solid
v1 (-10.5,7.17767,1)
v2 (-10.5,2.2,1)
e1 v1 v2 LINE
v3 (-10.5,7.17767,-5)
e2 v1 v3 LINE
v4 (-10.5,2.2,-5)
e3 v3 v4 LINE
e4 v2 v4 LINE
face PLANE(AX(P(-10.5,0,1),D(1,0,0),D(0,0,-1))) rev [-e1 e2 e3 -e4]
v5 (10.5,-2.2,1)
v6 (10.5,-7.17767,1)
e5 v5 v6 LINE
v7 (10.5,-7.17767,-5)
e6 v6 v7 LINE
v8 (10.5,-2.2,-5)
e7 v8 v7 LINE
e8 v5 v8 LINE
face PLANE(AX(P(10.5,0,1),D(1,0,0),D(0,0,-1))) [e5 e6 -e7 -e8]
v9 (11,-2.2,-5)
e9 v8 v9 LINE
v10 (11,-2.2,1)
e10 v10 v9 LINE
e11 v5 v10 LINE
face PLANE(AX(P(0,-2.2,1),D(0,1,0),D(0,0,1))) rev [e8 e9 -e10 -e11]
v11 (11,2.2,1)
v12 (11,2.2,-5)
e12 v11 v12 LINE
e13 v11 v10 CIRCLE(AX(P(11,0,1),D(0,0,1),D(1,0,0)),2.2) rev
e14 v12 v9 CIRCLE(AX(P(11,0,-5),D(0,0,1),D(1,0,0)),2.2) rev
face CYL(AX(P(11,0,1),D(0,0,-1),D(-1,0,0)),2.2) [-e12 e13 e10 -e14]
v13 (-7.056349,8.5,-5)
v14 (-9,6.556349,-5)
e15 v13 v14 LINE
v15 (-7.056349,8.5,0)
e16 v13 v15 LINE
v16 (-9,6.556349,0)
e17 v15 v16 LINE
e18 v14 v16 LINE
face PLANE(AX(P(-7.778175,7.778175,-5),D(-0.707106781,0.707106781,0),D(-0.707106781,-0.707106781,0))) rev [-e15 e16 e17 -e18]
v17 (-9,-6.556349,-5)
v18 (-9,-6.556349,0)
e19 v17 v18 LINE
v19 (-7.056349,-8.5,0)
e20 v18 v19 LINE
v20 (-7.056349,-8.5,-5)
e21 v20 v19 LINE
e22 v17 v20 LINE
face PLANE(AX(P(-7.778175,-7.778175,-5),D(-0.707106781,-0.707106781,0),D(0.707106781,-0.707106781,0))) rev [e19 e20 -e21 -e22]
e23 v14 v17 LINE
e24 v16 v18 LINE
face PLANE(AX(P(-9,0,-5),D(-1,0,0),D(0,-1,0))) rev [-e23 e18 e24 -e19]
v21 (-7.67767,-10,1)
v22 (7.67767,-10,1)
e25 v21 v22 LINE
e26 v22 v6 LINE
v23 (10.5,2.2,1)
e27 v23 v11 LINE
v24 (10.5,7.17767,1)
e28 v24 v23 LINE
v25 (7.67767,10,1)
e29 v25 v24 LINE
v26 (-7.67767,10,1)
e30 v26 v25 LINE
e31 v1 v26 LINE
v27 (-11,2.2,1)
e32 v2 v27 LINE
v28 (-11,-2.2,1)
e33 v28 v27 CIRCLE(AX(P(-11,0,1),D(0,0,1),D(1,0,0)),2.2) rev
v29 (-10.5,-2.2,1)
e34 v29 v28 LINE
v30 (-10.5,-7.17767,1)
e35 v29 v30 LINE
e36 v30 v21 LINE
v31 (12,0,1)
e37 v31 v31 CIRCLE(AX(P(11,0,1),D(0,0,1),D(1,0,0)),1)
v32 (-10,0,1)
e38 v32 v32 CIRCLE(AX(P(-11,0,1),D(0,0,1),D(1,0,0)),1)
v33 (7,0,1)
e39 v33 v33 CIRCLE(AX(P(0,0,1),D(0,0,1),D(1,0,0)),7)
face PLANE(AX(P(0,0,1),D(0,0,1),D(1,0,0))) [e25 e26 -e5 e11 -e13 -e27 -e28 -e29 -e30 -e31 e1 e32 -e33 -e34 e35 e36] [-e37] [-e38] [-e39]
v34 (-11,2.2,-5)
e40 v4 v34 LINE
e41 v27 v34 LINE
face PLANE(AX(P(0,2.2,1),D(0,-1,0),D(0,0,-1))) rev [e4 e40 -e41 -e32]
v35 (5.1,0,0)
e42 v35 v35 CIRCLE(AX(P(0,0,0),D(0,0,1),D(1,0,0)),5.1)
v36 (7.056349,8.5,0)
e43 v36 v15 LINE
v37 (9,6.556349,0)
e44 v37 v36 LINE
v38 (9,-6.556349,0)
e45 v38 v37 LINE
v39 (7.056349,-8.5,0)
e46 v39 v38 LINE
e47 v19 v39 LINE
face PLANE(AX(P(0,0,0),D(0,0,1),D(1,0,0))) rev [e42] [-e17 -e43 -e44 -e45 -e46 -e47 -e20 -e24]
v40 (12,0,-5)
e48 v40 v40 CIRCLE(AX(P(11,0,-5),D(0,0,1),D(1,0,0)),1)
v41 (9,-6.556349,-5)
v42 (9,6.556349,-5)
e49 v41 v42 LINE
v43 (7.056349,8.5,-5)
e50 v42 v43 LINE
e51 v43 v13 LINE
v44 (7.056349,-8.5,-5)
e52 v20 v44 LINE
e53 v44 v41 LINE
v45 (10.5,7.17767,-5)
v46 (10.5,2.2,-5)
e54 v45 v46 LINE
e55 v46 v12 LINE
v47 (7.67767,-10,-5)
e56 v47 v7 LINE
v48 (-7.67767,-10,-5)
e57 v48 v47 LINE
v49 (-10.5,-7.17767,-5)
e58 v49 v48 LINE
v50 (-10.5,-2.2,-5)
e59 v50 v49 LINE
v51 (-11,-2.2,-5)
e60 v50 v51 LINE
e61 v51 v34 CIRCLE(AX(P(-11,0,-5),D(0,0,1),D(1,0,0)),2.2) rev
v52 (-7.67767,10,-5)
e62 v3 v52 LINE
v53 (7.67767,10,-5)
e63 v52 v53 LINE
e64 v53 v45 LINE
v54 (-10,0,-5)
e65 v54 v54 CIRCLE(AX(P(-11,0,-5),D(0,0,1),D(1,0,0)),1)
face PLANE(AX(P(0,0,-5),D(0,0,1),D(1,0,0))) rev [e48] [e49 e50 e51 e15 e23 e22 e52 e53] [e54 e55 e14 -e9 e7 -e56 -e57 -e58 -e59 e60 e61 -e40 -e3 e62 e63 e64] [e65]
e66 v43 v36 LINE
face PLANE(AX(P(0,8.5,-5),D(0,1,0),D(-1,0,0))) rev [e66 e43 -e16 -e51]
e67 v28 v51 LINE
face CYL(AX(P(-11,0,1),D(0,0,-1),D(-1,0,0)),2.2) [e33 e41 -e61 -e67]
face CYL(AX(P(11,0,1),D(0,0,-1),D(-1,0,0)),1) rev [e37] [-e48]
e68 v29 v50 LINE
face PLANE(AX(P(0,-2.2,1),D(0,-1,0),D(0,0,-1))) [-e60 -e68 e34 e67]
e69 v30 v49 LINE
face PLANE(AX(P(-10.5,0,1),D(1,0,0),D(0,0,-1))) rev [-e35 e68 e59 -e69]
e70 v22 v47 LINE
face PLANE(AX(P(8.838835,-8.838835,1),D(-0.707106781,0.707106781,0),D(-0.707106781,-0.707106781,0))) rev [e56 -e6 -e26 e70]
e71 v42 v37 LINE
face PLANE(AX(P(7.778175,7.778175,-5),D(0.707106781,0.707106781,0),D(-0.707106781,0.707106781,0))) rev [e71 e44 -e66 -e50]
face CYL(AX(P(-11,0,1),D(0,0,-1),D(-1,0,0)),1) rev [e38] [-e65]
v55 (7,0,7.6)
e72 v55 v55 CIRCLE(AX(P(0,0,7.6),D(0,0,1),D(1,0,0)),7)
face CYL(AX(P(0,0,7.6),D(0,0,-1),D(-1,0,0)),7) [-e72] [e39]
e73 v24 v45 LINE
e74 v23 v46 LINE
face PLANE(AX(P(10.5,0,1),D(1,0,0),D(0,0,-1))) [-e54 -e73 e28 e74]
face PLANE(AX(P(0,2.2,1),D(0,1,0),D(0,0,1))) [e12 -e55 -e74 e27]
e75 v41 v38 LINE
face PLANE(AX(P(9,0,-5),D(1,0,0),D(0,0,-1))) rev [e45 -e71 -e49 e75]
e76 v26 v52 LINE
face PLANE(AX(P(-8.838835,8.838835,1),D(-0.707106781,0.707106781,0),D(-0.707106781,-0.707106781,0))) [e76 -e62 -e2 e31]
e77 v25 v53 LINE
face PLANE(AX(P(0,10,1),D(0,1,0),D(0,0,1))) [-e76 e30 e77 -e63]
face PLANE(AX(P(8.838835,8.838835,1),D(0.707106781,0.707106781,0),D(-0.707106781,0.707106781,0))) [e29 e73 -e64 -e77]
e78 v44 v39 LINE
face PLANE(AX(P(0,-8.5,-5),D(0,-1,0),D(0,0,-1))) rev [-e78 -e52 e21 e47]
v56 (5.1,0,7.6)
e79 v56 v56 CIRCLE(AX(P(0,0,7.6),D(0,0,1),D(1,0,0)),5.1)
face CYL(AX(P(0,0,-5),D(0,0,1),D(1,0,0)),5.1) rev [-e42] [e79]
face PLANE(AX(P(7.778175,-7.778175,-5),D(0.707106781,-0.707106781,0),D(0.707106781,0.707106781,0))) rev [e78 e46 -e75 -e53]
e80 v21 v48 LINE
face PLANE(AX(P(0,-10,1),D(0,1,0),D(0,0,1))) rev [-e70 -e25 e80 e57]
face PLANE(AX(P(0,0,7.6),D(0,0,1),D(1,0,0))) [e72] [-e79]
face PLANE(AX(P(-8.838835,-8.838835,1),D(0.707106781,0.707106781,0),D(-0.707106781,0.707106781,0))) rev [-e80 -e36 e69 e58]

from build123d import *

# Parameters (mm, degrees)
SKETCH1_R                = 1
ROOF_DEPTH               = 1
WALLS_START              = -5
SKETCH1_3_R              = 1
WALLS_DEPTH              = 5
SKETCH2_R                = 5.1
SCREW_HOLE_IN_ROOF_DEPTH = 18.613631253
SCREW_START              = 6.6
SKETCH2_3_R              = 7
SKETCH2_3_R_2            = 5.1
SCREW_HOLDER_DEPTH       = 6.6


with BuildPart() as part:
    # Sketch1 → Roof (new body)
    with BuildSketch(Plane.XY):
        with BuildLine():
            Line((-7.67766953, 10), (-10.5, 7.17766953))
            Line((-10.5, 7.17766953), (-10.5, 2.2))
            Line((-10.5, 2.2), (-11.000000224, 2.2))
            ThreePointArc((-11.000000224, 2.2), (-13.200000224, 0), (-11.000000224, -2.2))
            Line((-11.000000224, -2.2), (-10.5, -2.2))
            Line((-10.5, -2.2), (-10.5, -7.17766953))
            Line((-10.5, -7.17766953), (-7.67766953, -10))
            Line((-7.67766953, -10), (7.67766953, -10))
            Line((7.67766953, -10), (10.5, -7.17766953))
            Line((10.5, -7.17766953), (10.5, -2.2))
            Line((10.5, -2.2), (11, -2.2))
            ThreePointArc((11, -2.2), (13.2, 0), (11, 2.2))
            Line((11, 2.2), (10.5, 2.2))
            Line((10.5, 2.2), (10.5, 7.17766953))
            Line((10.5, 7.17766953), (7.67766953, 10))
            Line((7.67766953, 10), (-7.67766953, 10))
        make_face()
        with Locations((11, 0)):
            Circle(SKETCH1_R, mode=Mode.SUBTRACT)
        with Locations((-11.000000224, 0)):
            Circle(SKETCH1_R, mode=Mode.SUBTRACT)
    extrude(amount=ROOF_DEPTH)

    # Sketch1<3> → Walls (add)
    with BuildSketch(Plane.XY.offset(WALLS_START)):
        with BuildLine():
            Line((-7.67766953, 10), (-10.5, 7.17766953))
            Line((-10.5, 7.17766953), (-10.5, 2.2))
            Line((-10.5, 2.2), (-11.000000224, 2.2))
            ThreePointArc((-11.000000224, 2.2), (-13.200000224, 0), (-11.000000224, -2.2))
            Line((-11.000000224, -2.2), (-10.5, -2.2))
            Line((-10.5, -2.2), (-10.5, -7.17766953))
            Line((-10.5, -7.17766953), (-7.67766953, -10))
            Line((-7.67766953, -10), (7.67766953, -10))
            Line((7.67766953, -10), (10.5, -7.17766953))
            Line((10.5, -7.17766953), (10.5, -2.2))
            Line((10.5, -2.2), (11, -2.2))
            ThreePointArc((11, -2.2), (13.2, 0), (11, 2.2))
            Line((11, 2.2), (10.5, 2.2))
            Line((10.5, 2.2), (10.5, 7.17766953))
            Line((10.5, 7.17766953), (7.67766953, 10))
            Line((7.67766953, 10), (-7.67766953, 10))
        make_face()
        with Locations((11, 0)):
            Circle(SKETCH1_3_R, mode=Mode.SUBTRACT)
        with Locations((-11.000000224, 0)):
            Circle(SKETCH1_3_R, mode=Mode.SUBTRACT)
        Polygon((-9, -6.556349186), (-9, 6.556349186), (-7.056349186, 8.5), (7.056349186, 8.5), (9, 6.556349186), (9, -6.556349186), (7.056349186, -8.5), (-7.056349186, -8.5), align=None, mode=Mode.SUBTRACT)
    extrude(amount=WALLS_DEPTH)

    # Sketch2 → Screw hole in roof (cut, through all)
    with BuildSketch(Plane.XY.offset(1)):
        Circle(SKETCH2_R)
    extrude(amount=-SCREW_HOLE_IN_ROOF_DEPTH, mode=Mode.SUBTRACT)

    # Sketch2<3> → Screw holder (add)
    with BuildSketch(Plane.XY.offset(1).offset(SCREW_START)):
        Circle(SKETCH2_3_R)
        Circle(SKETCH2_3_R_2, mode=Mode.SUBTRACT)
    extrude(amount=-SCREW_HOLDER_DEPTH)


solid = part.part
